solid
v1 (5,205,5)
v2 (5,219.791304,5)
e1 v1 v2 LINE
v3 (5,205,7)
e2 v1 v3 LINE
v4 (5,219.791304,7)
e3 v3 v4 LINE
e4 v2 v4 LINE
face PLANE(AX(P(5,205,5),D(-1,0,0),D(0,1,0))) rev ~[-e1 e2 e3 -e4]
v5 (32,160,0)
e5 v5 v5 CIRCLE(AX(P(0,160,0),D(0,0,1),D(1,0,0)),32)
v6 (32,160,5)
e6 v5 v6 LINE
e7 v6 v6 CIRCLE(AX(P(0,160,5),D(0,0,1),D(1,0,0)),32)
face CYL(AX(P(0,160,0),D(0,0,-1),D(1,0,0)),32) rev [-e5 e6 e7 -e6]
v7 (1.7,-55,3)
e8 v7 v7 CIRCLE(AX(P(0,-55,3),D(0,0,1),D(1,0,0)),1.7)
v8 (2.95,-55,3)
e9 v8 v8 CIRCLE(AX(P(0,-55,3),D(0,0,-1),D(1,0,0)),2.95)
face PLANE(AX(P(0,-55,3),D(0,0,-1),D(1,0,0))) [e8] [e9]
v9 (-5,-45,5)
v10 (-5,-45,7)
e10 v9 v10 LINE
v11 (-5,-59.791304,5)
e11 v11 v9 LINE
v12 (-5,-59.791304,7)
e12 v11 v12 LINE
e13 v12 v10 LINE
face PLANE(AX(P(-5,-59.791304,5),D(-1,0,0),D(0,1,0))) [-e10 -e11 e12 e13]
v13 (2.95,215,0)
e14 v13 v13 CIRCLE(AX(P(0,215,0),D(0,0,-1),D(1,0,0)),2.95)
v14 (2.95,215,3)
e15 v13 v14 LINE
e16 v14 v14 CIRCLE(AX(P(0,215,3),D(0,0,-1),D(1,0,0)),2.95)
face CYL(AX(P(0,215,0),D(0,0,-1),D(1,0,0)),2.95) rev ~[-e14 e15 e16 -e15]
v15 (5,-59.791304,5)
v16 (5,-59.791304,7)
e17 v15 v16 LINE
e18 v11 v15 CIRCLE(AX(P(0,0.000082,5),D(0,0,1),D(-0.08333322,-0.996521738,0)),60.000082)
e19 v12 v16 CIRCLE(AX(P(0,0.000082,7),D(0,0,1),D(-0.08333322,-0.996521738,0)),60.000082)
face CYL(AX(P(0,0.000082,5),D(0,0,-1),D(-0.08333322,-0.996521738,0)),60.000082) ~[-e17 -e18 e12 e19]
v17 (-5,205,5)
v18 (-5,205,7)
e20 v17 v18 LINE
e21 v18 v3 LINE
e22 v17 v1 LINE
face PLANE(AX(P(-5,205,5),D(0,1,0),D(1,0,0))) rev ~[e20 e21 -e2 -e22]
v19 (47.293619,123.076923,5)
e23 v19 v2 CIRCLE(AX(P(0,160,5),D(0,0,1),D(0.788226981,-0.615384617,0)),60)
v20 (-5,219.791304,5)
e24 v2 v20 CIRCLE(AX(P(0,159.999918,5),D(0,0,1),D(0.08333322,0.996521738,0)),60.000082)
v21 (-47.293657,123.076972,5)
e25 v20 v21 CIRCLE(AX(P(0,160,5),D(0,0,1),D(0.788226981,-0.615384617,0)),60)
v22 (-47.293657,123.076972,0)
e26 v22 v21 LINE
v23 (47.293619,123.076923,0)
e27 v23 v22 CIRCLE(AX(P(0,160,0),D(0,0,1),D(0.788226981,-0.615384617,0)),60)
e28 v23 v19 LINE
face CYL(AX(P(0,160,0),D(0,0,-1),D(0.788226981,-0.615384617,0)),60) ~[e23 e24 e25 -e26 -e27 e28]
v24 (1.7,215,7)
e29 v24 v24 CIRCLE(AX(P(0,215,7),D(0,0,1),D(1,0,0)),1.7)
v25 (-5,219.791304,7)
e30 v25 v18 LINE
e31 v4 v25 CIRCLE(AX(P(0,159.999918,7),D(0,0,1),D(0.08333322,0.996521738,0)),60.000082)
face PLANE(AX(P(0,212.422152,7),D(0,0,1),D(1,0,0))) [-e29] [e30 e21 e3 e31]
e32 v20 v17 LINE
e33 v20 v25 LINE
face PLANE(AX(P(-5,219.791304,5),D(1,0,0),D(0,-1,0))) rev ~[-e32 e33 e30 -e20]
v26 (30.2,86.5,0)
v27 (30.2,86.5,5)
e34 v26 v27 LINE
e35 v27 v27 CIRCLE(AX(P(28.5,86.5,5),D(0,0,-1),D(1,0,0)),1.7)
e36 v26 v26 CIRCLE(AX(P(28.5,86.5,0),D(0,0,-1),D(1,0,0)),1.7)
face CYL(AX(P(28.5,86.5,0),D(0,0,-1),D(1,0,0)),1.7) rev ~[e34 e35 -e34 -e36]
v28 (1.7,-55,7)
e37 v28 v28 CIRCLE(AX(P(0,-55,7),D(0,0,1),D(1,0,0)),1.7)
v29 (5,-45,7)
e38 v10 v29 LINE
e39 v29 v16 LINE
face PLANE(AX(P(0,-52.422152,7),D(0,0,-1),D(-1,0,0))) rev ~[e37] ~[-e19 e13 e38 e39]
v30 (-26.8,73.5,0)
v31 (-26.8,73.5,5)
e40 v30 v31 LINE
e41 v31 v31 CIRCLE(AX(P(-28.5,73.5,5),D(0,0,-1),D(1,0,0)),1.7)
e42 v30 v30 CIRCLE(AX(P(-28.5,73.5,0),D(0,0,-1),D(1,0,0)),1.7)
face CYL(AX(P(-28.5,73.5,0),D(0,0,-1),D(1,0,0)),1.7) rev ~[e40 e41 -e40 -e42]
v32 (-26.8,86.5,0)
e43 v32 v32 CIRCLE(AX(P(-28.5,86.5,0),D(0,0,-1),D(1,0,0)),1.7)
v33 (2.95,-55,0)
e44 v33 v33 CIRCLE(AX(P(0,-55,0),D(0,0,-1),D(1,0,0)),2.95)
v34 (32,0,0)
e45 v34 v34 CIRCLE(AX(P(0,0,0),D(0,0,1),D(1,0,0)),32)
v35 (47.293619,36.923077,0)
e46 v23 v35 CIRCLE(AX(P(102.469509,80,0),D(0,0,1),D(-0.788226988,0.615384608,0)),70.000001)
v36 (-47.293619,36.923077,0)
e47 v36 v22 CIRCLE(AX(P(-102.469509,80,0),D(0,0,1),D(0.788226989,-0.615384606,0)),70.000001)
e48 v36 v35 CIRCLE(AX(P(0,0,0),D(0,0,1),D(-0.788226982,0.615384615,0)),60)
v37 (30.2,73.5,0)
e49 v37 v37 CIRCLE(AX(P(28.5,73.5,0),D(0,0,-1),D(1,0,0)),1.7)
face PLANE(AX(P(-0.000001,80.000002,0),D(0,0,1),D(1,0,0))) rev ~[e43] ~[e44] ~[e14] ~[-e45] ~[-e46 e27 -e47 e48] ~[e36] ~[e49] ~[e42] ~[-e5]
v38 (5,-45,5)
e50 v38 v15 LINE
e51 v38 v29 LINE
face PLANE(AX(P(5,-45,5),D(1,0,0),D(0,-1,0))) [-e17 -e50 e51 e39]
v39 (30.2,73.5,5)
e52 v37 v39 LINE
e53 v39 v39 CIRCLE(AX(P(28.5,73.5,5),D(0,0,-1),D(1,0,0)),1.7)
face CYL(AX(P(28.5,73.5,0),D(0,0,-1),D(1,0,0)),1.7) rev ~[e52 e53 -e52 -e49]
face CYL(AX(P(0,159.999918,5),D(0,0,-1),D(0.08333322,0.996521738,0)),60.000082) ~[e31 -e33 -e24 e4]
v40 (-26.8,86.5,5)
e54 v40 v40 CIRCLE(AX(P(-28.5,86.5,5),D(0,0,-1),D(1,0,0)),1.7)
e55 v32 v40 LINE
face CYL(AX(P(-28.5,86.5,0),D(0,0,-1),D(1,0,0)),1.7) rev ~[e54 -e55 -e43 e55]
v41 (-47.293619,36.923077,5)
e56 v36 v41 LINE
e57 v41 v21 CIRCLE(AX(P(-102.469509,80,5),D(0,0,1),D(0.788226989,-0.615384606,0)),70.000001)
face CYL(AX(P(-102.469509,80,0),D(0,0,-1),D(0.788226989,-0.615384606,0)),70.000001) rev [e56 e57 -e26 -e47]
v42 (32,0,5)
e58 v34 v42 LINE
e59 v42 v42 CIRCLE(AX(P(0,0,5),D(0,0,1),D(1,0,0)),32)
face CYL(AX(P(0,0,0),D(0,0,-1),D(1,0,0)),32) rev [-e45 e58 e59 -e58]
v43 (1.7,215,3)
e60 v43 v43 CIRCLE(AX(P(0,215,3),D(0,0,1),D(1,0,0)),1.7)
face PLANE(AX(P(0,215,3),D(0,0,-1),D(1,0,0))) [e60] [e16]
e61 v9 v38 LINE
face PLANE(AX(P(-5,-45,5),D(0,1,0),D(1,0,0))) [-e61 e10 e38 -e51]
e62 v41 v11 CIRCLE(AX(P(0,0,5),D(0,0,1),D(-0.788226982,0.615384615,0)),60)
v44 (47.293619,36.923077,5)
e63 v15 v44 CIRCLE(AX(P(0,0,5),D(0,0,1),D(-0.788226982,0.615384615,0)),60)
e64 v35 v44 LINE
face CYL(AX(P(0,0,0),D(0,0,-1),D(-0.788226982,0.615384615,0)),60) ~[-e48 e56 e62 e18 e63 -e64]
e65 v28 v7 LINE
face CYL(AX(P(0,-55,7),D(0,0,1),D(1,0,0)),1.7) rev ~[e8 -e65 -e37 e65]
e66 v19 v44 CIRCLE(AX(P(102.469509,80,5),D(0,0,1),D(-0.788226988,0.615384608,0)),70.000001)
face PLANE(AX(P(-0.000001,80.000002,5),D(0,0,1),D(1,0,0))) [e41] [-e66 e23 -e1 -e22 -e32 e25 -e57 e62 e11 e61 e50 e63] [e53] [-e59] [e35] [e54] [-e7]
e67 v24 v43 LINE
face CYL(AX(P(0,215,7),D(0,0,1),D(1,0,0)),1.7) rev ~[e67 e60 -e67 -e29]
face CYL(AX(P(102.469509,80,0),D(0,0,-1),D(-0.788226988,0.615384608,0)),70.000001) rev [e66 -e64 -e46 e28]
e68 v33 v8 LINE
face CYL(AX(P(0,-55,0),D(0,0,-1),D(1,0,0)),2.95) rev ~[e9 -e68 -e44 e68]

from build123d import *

# Parameters (mm, degrees)
SKETCH_R        = 32
PAD_DEPTH       = 5
PAD001_DEPTH    = 2
SKETCH002_R     = 1.7
POCKET_DEPTH    = 7.001
SKETCH003_R     = 2.95
POCKET001_DEPTH = 3
SKETCH004_R     = 1.7
POCKET002_DEPTH = 7.001


with BuildPart() as part:
    # Sketch → Pad (new body)
    with BuildSketch(Plane.XY):
        with BuildLine():
            ThreePointArc((-47.293619, 36.923077), (0, -60), (47.293619, 36.923077))
            ThreePointArc((47.293619, 123.076923), (32.469508, 80), (47.293619, 36.923077))
            ThreePointArc((47.293619, 123.076923), (3.1e-05, 220), (-47.293657, 123.076972))
            ThreePointArc((-47.293619, 36.923077), (-32.469508, 80.000031), (-47.293657, 123.076972))
        make_face()
        Circle(SKETCH_R, mode=Mode.SUBTRACT)
        with Locations((0, 160)):
            Circle(SKETCH_R, mode=Mode.SUBTRACT)
    extrude(amount=PAD_DEPTH)

    # Sketch001 (on Face8 of Pad) → Pad001 (join)
    with BuildSketch(Plane.XY.offset(5)):
        with BuildLine():
            Line((-5, -59.791304), (-5, -45))
            Line((-5, -45), (5, -45))
            Line((5, -45), (5, -59.791304))
            ThreePointArc((-5, -59.791304), (0, -60), (5, -59.791304))
        make_face()
        with BuildLine():
            ThreePointArc((5, 219.791304), (0, 220), (-5, 219.791304))
            Line((-5, 219.791304), (-5, 205))
            Line((-5, 205), (5, 205))
            Line((5, 205), (5, 219.791304))
        make_face()
    extrude(amount=PAD001_DEPTH)

    # Sketch002 (on Face14 of Pad001) → Pocket (cut, through all)
    with BuildSketch(Plane.XY.offset(7)):
        with Locations((0, -55)):
            Circle(SKETCH002_R)
        with Locations((0, 215)):
            Circle(SKETCH002_R)
    extrude(amount=-POCKET_DEPTH, mode=Mode.SUBTRACT)

    # Sketch003 (on Face4 of Pocket) → Pocket001 (cut)
    with BuildSketch(Plane(origin=(0, 0, 0), x_dir=(1, 0, 0), z_dir=(0, 0, -1))):
        with Locations((0, 55)):
            Circle(SKETCH003_R)
        with Locations((0, -215)):
            Circle(SKETCH003_R)
    extrude(amount=-POCKET001_DEPTH, mode=Mode.SUBTRACT)

    # Sketch004 (on Face4 of Pocket001) → Pocket002 (cut, through all)
    with BuildSketch(Plane(origin=(0, 0, 0), x_dir=(1, 0, 0), z_dir=(0, 0, -1))):
        with Locations((28.5, -73.5)):
            Circle(SKETCH004_R)
        with Locations((28.5, -86.5)):
            Circle(SKETCH004_R)
        with Locations((-28.5, -86.5)):
            Circle(SKETCH004_R)
        with Locations((-28.5, -73.5)):
            Circle(SKETCH004_R)
    extrude(amount=-POCKET002_DEPTH, mode=Mode.SUBTRACT)


solid = part.part
